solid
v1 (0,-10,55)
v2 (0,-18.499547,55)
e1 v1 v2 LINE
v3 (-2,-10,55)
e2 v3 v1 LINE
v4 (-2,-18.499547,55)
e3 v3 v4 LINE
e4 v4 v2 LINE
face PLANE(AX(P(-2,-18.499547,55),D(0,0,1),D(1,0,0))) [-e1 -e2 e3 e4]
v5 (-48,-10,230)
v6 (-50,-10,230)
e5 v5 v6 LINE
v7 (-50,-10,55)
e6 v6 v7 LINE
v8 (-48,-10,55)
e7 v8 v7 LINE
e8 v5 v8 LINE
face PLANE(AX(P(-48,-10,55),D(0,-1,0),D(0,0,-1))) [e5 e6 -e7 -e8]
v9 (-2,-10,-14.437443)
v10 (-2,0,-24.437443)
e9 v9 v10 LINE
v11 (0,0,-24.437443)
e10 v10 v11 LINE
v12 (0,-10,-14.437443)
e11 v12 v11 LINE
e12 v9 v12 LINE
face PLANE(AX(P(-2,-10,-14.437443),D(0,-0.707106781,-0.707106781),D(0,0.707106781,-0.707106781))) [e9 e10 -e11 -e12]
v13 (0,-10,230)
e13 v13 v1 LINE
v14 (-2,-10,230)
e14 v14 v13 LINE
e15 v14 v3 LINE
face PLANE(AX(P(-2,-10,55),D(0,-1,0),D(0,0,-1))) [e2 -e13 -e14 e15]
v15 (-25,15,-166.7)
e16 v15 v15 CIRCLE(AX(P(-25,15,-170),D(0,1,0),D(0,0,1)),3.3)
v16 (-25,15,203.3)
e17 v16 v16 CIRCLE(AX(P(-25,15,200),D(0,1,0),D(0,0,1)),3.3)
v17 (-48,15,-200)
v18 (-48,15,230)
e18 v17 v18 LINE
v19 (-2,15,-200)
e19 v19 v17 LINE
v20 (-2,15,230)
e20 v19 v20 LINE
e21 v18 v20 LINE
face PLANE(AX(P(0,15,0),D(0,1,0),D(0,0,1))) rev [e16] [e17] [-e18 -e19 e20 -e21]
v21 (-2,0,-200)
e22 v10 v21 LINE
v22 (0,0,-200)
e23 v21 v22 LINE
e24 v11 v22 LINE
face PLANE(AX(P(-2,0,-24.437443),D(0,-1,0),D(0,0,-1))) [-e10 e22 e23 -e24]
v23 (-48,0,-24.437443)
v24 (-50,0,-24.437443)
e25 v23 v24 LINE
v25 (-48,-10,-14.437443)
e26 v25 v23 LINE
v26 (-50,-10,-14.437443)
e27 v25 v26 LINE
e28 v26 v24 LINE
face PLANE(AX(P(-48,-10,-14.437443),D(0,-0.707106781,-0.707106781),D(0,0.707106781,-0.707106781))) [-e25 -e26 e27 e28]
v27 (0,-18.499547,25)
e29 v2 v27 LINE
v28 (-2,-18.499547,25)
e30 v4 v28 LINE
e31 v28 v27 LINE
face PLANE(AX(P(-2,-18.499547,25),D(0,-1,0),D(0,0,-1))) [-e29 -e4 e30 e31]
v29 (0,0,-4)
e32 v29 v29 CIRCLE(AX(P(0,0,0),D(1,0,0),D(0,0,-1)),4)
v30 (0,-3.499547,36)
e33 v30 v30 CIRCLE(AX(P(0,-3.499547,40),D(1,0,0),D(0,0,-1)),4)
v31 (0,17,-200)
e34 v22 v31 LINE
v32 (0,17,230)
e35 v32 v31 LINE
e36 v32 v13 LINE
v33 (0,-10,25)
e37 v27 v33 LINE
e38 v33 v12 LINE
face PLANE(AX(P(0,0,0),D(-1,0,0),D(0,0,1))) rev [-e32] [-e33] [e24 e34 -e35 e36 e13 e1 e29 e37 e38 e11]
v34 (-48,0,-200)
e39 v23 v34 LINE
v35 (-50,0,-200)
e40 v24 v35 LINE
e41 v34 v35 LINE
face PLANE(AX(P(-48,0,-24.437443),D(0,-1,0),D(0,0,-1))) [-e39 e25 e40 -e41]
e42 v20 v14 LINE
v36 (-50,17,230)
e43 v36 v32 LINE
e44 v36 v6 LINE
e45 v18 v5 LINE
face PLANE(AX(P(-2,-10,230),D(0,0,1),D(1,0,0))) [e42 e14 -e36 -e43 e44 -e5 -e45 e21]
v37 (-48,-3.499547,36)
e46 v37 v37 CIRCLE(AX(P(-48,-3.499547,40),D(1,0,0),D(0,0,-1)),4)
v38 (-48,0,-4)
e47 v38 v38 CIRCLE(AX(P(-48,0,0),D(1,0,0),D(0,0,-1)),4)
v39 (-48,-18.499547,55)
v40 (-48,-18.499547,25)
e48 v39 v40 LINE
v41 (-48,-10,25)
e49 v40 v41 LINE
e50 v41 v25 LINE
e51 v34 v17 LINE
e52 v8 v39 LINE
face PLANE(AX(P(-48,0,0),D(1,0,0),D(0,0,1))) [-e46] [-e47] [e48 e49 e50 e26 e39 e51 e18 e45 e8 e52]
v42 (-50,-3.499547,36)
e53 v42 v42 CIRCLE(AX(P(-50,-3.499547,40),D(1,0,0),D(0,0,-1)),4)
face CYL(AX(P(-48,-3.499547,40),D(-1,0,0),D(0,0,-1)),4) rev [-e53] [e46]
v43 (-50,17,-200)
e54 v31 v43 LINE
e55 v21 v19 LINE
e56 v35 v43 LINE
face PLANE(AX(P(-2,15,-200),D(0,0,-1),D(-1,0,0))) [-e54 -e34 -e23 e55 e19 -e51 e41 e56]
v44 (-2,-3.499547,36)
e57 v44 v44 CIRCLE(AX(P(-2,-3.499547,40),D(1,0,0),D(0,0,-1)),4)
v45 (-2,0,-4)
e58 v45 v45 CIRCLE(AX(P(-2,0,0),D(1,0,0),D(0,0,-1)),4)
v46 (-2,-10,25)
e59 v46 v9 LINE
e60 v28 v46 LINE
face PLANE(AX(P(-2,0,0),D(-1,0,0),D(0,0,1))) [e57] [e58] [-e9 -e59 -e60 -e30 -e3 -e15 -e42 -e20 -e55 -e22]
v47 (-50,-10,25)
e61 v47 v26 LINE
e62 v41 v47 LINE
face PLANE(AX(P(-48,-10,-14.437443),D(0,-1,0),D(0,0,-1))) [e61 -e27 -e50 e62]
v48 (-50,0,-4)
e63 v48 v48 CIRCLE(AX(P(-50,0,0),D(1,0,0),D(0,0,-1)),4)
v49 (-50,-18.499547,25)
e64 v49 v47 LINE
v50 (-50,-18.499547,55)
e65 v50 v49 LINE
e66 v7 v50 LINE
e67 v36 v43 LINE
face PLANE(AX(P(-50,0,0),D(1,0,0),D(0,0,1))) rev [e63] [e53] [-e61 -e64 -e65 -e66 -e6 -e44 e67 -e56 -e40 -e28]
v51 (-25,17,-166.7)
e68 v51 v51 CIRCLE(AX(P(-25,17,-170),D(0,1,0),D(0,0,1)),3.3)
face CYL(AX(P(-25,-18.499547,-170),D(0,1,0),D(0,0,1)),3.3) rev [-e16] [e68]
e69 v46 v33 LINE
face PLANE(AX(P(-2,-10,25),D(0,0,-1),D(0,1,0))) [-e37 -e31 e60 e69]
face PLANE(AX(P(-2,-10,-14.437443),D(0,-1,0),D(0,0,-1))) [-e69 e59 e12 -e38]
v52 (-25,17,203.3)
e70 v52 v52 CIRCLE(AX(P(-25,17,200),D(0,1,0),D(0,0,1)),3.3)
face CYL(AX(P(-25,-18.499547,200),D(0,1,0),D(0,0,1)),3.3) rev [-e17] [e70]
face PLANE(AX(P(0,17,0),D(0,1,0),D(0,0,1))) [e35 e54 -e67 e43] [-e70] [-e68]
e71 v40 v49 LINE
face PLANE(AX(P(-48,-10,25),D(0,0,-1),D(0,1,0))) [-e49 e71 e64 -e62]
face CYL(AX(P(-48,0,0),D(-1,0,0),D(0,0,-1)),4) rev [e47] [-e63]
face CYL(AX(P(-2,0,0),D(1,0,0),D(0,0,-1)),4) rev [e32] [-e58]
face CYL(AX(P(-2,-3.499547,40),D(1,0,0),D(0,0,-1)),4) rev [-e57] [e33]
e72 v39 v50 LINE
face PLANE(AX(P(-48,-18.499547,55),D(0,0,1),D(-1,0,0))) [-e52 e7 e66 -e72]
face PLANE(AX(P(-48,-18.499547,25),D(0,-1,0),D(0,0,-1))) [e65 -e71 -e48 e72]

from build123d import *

# Parameters (mm, degrees)
SKETCH1_R               = 4
BOSS_EXTRUDE1_DEPTH     = 2
SKETCH2_W               = 25
SKETCH2_H               = 430
BOSS_EXTRUDE2_DEPTH     = 2
SKETCH3_R               = 3.3
CUT_EXTRUDE1_DEPTH      = 1
CUT_EXTRUDE1_DEPTH_BACK = 36.499546541


with BuildPart() as part:
    # Sketch1 → Boss-Extrude1 (new body)
    with BuildSketch(Plane.YZ):
        Polygon((15, 230), (15, -200), (0, -200), (0, -24.43744304), (-10, -14.43744304), (-10, 25), (-18.499546541, 25), (-18.499546541, 55), (-10, 55), (-10, 230), align=None)
        Circle(SKETCH1_R, mode=Mode.SUBTRACT)
        with Locations((-3.499546541, 40)):
            Circle(SKETCH1_R, mode=Mode.SUBTRACT)
    extrude(amount=-BOSS_EXTRUDE1_DEPTH)

    # Sketch2 → Boss-Extrude2 (add)
    with BuildSketch(Plane(origin=(0, 15, 0), x_dir=(-1, 0, 0), z_dir=(0, 1, 0))):
        with Locations((12.5, 15)):
            Rectangle(SKETCH2_W, SKETCH2_H)
    extrude(amount=BOSS_EXTRUDE2_DEPTH)

    # Mirror1: part across plane


with BuildPart() as part_1:
    add(part.part)
    add(part.part.mirror(Plane(origin=(-25, 17, 230), x_dir=(0, 0, 1), z_dir=(1, 0, 0))))

    # Sketch3 → Cut-Extrude1 (cut, two sides)
    with BuildSketch(Plane(origin=(0, 17, 0), x_dir=(-1, 0, 0), z_dir=(0, 1, 0))) as cut_extrude1_sk:
        with Locations((25, 200)):
            Circle(SKETCH3_R)
        with Locations((25, -170)):
            Circle(SKETCH3_R)
    extrude(amount=CUT_EXTRUDE1_DEPTH, mode=Mode.SUBTRACT)
    extrude(cut_extrude1_sk.sketch, amount=-CUT_EXTRUDE1_DEPTH_BACK, mode=Mode.SUBTRACT)


solid = part_1.part
